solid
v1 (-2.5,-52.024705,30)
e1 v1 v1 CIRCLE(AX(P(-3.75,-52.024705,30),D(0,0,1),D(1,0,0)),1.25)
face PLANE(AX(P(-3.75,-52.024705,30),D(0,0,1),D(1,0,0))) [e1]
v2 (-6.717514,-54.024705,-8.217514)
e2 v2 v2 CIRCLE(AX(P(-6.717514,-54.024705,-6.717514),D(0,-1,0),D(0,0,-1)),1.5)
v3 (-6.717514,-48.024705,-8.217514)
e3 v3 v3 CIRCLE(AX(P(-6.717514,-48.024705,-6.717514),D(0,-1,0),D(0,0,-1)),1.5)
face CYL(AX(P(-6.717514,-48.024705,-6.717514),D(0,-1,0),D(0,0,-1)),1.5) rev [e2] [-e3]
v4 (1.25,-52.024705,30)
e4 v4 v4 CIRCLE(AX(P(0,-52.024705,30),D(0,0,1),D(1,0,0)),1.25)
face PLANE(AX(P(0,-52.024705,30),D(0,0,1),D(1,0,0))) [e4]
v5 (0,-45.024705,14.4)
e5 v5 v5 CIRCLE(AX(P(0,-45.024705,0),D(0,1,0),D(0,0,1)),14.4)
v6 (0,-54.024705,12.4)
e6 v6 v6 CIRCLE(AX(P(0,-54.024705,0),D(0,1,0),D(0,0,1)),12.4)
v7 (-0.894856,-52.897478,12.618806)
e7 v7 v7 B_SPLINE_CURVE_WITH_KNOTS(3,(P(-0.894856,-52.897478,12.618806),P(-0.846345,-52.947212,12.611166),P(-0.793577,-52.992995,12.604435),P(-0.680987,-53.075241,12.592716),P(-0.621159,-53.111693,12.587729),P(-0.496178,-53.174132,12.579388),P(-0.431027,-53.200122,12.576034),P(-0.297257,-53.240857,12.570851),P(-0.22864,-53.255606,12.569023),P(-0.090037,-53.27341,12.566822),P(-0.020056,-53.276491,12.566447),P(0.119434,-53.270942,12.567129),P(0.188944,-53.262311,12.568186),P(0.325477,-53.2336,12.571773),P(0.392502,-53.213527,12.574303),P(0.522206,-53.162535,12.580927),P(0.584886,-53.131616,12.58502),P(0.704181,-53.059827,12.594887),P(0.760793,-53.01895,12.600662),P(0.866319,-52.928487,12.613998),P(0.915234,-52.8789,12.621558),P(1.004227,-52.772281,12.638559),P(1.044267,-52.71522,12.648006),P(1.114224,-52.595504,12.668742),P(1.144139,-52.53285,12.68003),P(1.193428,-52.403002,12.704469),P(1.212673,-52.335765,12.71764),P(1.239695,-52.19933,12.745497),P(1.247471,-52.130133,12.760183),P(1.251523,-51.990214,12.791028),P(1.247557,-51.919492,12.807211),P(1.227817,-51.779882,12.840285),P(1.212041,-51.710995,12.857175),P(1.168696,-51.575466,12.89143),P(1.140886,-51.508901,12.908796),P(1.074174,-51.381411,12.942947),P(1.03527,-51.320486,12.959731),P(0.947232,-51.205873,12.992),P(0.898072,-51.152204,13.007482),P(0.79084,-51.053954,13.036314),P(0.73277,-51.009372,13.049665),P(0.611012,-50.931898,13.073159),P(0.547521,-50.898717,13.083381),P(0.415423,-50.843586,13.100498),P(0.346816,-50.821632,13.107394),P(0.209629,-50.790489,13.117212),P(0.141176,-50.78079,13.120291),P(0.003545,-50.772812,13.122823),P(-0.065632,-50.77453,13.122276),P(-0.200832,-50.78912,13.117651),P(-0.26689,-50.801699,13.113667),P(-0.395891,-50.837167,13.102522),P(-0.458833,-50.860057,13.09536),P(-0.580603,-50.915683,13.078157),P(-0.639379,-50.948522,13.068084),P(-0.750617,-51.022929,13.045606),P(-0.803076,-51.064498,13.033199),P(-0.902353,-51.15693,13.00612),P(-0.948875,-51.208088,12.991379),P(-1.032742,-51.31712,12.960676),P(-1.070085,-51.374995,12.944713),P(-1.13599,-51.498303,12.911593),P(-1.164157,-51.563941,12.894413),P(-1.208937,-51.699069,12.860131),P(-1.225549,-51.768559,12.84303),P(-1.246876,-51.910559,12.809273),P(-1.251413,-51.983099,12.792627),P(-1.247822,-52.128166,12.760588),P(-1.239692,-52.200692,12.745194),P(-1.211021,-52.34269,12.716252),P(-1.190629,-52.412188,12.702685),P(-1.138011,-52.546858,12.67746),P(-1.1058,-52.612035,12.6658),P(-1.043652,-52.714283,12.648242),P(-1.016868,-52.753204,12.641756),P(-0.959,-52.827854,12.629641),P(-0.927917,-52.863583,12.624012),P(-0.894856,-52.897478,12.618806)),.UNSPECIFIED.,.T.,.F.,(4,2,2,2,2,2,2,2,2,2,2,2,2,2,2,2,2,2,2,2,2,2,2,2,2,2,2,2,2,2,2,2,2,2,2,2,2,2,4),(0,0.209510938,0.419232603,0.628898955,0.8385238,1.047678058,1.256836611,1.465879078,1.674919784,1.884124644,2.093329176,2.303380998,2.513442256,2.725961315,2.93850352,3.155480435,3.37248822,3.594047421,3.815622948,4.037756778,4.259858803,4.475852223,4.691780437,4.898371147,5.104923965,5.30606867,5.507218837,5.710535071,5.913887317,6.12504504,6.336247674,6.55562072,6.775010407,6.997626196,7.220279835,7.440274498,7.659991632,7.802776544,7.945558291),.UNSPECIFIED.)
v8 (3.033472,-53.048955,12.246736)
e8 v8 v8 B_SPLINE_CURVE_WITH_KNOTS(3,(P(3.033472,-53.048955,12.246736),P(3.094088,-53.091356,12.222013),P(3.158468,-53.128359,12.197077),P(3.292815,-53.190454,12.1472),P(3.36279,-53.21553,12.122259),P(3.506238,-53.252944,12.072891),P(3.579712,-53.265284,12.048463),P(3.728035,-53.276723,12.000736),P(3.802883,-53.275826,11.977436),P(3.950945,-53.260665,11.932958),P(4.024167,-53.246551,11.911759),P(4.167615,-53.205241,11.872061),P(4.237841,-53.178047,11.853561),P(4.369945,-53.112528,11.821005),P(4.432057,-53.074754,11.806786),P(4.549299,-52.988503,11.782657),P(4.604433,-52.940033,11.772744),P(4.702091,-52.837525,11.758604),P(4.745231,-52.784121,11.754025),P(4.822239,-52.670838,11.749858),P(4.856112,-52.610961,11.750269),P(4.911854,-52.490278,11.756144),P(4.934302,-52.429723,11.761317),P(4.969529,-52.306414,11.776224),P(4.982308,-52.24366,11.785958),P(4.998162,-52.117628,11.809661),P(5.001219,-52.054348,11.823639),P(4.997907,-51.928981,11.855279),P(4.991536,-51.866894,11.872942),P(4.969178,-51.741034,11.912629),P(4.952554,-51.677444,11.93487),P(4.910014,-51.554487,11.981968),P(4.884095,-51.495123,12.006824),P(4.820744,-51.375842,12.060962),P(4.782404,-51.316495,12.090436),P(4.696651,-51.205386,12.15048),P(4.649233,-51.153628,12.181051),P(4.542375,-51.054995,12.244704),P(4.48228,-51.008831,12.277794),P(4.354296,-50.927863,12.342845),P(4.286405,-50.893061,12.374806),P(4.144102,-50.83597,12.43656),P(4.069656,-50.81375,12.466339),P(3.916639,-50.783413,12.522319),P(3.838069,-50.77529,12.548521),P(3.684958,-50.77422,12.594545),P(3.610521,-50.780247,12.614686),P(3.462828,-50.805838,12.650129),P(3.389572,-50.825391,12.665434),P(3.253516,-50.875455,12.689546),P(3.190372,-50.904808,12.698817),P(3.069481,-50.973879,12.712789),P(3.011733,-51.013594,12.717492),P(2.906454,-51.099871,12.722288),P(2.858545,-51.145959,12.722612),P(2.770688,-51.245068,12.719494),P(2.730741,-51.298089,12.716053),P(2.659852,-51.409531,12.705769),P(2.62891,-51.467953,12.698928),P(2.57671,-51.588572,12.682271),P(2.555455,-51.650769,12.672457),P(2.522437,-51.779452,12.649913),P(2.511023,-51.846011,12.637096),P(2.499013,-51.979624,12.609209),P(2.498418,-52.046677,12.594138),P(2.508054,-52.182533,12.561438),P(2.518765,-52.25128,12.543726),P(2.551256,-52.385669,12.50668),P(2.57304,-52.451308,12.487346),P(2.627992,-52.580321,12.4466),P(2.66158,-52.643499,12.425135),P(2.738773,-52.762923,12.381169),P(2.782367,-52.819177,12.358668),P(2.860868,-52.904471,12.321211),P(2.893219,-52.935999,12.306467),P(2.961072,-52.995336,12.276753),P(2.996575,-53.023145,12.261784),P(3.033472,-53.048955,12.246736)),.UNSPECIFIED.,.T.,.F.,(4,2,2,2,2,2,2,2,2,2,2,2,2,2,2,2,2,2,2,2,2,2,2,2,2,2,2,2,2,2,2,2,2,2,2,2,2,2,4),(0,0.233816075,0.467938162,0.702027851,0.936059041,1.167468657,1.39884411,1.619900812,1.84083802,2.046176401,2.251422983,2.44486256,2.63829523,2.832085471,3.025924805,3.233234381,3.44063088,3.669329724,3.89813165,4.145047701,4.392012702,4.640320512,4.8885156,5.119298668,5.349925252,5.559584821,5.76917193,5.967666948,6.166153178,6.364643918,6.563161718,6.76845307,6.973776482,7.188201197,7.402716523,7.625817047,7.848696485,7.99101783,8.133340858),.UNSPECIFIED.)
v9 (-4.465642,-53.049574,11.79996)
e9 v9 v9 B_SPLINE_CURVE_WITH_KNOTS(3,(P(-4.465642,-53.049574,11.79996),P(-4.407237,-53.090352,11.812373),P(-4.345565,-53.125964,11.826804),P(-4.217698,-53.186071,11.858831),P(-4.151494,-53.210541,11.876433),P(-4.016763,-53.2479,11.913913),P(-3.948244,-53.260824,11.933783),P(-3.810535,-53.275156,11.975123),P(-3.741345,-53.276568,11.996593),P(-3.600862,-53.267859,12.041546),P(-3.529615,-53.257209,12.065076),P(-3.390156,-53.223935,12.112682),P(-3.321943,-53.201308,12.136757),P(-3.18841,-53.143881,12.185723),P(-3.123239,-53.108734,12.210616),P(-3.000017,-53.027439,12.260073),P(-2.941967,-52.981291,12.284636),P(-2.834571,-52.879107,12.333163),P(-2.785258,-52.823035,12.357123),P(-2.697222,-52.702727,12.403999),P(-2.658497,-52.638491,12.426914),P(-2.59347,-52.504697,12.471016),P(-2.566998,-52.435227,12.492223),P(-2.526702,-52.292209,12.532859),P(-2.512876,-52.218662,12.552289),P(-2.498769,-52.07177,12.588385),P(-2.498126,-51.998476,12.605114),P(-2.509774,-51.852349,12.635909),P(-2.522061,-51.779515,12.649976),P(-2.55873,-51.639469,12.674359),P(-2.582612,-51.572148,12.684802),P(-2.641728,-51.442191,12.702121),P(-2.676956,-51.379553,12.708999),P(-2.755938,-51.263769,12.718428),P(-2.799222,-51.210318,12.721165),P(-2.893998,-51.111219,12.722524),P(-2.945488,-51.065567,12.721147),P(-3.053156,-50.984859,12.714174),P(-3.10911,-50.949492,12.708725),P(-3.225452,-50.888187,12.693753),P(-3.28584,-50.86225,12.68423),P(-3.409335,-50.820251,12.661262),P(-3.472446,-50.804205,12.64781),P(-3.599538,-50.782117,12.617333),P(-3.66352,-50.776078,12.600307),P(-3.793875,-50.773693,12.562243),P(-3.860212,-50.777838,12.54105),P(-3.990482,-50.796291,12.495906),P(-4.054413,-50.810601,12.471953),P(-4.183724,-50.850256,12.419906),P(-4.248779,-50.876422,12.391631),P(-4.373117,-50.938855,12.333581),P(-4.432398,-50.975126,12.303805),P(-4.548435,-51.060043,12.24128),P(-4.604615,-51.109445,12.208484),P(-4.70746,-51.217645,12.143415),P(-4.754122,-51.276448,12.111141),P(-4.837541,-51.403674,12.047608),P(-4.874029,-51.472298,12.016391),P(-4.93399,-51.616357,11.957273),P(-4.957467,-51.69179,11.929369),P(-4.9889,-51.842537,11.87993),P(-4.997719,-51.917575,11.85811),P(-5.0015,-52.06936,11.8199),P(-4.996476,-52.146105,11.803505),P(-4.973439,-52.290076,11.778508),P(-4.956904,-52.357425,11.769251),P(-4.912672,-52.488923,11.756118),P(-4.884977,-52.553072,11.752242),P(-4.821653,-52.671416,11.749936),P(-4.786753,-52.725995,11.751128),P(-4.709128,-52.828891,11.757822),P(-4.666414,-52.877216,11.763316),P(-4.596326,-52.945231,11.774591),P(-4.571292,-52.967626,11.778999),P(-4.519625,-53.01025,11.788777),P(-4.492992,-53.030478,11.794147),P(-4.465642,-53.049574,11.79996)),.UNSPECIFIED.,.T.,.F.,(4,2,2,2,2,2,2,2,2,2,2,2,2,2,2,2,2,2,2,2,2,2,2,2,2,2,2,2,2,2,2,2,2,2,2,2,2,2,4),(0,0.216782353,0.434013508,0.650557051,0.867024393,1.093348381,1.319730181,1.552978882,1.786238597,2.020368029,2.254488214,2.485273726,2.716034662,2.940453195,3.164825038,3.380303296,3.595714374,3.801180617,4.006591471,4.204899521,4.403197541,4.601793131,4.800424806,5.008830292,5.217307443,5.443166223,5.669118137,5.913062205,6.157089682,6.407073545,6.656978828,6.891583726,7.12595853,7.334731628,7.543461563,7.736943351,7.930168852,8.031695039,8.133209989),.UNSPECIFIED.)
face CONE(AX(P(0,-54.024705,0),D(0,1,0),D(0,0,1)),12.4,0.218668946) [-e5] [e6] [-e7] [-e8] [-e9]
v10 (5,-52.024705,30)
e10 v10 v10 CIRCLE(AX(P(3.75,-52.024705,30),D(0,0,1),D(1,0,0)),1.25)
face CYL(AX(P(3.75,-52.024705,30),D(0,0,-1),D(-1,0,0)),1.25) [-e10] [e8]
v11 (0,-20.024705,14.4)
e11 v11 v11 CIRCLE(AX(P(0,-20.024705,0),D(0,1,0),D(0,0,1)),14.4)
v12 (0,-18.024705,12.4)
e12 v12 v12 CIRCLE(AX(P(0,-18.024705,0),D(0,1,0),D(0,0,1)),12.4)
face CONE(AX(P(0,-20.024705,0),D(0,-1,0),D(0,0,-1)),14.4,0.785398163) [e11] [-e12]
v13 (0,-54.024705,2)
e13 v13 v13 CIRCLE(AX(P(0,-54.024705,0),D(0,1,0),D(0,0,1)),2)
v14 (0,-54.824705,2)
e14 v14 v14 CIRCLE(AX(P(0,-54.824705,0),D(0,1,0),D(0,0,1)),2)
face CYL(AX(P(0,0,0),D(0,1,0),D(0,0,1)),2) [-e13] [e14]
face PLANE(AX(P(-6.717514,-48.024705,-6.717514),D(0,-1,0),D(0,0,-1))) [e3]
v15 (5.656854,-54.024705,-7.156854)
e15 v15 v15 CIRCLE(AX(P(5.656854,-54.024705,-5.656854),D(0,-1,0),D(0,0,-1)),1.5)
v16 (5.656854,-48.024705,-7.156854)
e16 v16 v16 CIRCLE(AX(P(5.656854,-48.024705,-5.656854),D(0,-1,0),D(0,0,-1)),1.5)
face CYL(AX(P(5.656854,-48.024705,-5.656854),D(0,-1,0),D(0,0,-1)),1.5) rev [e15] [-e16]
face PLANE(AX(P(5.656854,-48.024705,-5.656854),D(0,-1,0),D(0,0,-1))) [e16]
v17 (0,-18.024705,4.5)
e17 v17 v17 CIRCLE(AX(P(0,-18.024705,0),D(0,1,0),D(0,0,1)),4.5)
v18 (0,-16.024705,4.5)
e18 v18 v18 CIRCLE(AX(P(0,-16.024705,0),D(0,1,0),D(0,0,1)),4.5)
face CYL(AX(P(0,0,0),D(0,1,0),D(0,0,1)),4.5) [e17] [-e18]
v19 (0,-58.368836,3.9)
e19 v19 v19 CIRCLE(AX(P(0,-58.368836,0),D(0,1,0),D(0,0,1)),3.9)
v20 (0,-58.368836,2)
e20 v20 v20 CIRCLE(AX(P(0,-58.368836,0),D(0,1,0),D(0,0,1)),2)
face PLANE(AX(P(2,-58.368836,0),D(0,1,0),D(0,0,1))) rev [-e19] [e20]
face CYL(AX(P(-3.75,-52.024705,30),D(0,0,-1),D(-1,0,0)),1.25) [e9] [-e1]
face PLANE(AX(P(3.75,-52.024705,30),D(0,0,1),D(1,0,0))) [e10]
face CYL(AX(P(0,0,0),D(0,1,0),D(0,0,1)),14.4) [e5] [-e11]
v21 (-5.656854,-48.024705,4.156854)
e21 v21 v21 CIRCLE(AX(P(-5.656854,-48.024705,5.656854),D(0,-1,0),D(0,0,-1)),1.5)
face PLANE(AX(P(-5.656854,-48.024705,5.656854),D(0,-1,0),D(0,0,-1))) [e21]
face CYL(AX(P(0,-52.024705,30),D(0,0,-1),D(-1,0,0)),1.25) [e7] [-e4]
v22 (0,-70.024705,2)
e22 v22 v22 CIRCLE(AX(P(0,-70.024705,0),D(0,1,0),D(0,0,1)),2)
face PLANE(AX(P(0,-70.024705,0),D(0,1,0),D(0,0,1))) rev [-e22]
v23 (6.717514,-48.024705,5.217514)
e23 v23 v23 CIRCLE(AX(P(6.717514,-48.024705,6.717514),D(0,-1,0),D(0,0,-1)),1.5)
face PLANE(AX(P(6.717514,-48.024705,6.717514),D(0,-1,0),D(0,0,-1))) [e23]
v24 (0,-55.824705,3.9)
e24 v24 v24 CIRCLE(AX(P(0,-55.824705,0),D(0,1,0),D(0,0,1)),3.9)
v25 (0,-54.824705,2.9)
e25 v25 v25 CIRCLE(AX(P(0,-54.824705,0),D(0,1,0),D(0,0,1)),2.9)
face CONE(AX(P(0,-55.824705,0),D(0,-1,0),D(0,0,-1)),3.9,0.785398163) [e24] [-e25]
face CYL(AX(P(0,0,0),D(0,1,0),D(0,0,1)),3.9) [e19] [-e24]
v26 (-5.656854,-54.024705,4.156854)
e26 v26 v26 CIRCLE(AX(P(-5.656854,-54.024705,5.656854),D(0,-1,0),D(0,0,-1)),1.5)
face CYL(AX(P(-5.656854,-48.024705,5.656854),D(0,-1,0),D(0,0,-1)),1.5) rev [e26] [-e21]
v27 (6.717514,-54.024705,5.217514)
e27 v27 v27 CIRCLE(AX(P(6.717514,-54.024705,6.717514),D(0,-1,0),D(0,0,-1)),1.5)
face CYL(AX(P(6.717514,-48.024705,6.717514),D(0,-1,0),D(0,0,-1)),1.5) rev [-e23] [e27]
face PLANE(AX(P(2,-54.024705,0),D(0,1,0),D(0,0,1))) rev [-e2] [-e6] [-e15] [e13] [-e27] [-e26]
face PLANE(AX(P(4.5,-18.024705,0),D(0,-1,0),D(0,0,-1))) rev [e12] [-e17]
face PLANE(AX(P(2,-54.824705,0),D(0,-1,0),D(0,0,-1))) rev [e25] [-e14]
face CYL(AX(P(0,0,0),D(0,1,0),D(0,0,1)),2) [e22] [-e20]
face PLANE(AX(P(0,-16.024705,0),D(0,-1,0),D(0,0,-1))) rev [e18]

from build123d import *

# Parameters (mm, degrees)
SKETCH2_R           = 1.5
CUT_EXTRUDE1_DEPTH  = 6
SKETCH3_R           = 1.25
BOSS_EXTRUDE1_DEPTH = 20


with BuildPart() as part:
    # Sketch1 → Revolve2 (revolve)
    with BuildSketch(Plane.XY, mode=Mode.PRIVATE) as revolve2_sk:
        Polygon((14.4, -45.024704817), (14.4, -20.024704817), (12.4, -18.024704817), (4.5, -18.024704817), (4.5, -16.024704817), (0, -16.024704817), (0, -70.024704817), (2, -70.024704817), (2, -58.36883633), (3.9, -58.36883633), (3.9, -55.824704817), (2.9, -54.824704817), (2, -54.824704817), (2, -54.024704817), (12.4, -54.024704817), align=None)
    revolve(revolve2_sk.sketch.rotate(Axis((0, 0, 0), (0, -1, 0)), 90), axis=Axis((0, 0, 0), (0, -1, 0)))

    # Sketch2 → Cut-Extrude1 (cut)
    with BuildSketch(Plane.XZ.offset(54.024704817)):
        with Locations(Location((6.717514421, 6.717514421, 0), (0, 0, 270))):
            Circle(SKETCH2_R)
        with Locations(Location((5.656854249, -5.656854249, 0), (0, 0, 270))):
            Circle(SKETCH2_R)
        with Locations(Location((-6.717514421, -6.717514421, 0), (0, 0, 270))):
            Circle(SKETCH2_R)
        with Locations(Location((-5.656854249, 5.656854249, 0), (0, 0, 270))):
            Circle(SKETCH2_R)
    extrude(amount=-CUT_EXTRUDE1_DEPTH, mode=Mode.SUBTRACT)

    # Sketch3 → Boss-Extrude1 (add)
    with BuildSketch(Plane.XY.offset(10)):
        with Locations(Location((0, -52.024704817, 0), (0, 0, 224.284221248))):
            Circle(SKETCH3_R)
        with Locations(Location((3.75, -52.024704817, 0), (0, 0, 235.024751842))):
            Circle(SKETCH3_R)
        with Locations(Location((-3.75, -52.024704817, 0), (0, 0, 235.074308892))):
            Circle(SKETCH3_R)
    extrude(amount=BOSS_EXTRUDE1_DEPTH)


solid = part.part
